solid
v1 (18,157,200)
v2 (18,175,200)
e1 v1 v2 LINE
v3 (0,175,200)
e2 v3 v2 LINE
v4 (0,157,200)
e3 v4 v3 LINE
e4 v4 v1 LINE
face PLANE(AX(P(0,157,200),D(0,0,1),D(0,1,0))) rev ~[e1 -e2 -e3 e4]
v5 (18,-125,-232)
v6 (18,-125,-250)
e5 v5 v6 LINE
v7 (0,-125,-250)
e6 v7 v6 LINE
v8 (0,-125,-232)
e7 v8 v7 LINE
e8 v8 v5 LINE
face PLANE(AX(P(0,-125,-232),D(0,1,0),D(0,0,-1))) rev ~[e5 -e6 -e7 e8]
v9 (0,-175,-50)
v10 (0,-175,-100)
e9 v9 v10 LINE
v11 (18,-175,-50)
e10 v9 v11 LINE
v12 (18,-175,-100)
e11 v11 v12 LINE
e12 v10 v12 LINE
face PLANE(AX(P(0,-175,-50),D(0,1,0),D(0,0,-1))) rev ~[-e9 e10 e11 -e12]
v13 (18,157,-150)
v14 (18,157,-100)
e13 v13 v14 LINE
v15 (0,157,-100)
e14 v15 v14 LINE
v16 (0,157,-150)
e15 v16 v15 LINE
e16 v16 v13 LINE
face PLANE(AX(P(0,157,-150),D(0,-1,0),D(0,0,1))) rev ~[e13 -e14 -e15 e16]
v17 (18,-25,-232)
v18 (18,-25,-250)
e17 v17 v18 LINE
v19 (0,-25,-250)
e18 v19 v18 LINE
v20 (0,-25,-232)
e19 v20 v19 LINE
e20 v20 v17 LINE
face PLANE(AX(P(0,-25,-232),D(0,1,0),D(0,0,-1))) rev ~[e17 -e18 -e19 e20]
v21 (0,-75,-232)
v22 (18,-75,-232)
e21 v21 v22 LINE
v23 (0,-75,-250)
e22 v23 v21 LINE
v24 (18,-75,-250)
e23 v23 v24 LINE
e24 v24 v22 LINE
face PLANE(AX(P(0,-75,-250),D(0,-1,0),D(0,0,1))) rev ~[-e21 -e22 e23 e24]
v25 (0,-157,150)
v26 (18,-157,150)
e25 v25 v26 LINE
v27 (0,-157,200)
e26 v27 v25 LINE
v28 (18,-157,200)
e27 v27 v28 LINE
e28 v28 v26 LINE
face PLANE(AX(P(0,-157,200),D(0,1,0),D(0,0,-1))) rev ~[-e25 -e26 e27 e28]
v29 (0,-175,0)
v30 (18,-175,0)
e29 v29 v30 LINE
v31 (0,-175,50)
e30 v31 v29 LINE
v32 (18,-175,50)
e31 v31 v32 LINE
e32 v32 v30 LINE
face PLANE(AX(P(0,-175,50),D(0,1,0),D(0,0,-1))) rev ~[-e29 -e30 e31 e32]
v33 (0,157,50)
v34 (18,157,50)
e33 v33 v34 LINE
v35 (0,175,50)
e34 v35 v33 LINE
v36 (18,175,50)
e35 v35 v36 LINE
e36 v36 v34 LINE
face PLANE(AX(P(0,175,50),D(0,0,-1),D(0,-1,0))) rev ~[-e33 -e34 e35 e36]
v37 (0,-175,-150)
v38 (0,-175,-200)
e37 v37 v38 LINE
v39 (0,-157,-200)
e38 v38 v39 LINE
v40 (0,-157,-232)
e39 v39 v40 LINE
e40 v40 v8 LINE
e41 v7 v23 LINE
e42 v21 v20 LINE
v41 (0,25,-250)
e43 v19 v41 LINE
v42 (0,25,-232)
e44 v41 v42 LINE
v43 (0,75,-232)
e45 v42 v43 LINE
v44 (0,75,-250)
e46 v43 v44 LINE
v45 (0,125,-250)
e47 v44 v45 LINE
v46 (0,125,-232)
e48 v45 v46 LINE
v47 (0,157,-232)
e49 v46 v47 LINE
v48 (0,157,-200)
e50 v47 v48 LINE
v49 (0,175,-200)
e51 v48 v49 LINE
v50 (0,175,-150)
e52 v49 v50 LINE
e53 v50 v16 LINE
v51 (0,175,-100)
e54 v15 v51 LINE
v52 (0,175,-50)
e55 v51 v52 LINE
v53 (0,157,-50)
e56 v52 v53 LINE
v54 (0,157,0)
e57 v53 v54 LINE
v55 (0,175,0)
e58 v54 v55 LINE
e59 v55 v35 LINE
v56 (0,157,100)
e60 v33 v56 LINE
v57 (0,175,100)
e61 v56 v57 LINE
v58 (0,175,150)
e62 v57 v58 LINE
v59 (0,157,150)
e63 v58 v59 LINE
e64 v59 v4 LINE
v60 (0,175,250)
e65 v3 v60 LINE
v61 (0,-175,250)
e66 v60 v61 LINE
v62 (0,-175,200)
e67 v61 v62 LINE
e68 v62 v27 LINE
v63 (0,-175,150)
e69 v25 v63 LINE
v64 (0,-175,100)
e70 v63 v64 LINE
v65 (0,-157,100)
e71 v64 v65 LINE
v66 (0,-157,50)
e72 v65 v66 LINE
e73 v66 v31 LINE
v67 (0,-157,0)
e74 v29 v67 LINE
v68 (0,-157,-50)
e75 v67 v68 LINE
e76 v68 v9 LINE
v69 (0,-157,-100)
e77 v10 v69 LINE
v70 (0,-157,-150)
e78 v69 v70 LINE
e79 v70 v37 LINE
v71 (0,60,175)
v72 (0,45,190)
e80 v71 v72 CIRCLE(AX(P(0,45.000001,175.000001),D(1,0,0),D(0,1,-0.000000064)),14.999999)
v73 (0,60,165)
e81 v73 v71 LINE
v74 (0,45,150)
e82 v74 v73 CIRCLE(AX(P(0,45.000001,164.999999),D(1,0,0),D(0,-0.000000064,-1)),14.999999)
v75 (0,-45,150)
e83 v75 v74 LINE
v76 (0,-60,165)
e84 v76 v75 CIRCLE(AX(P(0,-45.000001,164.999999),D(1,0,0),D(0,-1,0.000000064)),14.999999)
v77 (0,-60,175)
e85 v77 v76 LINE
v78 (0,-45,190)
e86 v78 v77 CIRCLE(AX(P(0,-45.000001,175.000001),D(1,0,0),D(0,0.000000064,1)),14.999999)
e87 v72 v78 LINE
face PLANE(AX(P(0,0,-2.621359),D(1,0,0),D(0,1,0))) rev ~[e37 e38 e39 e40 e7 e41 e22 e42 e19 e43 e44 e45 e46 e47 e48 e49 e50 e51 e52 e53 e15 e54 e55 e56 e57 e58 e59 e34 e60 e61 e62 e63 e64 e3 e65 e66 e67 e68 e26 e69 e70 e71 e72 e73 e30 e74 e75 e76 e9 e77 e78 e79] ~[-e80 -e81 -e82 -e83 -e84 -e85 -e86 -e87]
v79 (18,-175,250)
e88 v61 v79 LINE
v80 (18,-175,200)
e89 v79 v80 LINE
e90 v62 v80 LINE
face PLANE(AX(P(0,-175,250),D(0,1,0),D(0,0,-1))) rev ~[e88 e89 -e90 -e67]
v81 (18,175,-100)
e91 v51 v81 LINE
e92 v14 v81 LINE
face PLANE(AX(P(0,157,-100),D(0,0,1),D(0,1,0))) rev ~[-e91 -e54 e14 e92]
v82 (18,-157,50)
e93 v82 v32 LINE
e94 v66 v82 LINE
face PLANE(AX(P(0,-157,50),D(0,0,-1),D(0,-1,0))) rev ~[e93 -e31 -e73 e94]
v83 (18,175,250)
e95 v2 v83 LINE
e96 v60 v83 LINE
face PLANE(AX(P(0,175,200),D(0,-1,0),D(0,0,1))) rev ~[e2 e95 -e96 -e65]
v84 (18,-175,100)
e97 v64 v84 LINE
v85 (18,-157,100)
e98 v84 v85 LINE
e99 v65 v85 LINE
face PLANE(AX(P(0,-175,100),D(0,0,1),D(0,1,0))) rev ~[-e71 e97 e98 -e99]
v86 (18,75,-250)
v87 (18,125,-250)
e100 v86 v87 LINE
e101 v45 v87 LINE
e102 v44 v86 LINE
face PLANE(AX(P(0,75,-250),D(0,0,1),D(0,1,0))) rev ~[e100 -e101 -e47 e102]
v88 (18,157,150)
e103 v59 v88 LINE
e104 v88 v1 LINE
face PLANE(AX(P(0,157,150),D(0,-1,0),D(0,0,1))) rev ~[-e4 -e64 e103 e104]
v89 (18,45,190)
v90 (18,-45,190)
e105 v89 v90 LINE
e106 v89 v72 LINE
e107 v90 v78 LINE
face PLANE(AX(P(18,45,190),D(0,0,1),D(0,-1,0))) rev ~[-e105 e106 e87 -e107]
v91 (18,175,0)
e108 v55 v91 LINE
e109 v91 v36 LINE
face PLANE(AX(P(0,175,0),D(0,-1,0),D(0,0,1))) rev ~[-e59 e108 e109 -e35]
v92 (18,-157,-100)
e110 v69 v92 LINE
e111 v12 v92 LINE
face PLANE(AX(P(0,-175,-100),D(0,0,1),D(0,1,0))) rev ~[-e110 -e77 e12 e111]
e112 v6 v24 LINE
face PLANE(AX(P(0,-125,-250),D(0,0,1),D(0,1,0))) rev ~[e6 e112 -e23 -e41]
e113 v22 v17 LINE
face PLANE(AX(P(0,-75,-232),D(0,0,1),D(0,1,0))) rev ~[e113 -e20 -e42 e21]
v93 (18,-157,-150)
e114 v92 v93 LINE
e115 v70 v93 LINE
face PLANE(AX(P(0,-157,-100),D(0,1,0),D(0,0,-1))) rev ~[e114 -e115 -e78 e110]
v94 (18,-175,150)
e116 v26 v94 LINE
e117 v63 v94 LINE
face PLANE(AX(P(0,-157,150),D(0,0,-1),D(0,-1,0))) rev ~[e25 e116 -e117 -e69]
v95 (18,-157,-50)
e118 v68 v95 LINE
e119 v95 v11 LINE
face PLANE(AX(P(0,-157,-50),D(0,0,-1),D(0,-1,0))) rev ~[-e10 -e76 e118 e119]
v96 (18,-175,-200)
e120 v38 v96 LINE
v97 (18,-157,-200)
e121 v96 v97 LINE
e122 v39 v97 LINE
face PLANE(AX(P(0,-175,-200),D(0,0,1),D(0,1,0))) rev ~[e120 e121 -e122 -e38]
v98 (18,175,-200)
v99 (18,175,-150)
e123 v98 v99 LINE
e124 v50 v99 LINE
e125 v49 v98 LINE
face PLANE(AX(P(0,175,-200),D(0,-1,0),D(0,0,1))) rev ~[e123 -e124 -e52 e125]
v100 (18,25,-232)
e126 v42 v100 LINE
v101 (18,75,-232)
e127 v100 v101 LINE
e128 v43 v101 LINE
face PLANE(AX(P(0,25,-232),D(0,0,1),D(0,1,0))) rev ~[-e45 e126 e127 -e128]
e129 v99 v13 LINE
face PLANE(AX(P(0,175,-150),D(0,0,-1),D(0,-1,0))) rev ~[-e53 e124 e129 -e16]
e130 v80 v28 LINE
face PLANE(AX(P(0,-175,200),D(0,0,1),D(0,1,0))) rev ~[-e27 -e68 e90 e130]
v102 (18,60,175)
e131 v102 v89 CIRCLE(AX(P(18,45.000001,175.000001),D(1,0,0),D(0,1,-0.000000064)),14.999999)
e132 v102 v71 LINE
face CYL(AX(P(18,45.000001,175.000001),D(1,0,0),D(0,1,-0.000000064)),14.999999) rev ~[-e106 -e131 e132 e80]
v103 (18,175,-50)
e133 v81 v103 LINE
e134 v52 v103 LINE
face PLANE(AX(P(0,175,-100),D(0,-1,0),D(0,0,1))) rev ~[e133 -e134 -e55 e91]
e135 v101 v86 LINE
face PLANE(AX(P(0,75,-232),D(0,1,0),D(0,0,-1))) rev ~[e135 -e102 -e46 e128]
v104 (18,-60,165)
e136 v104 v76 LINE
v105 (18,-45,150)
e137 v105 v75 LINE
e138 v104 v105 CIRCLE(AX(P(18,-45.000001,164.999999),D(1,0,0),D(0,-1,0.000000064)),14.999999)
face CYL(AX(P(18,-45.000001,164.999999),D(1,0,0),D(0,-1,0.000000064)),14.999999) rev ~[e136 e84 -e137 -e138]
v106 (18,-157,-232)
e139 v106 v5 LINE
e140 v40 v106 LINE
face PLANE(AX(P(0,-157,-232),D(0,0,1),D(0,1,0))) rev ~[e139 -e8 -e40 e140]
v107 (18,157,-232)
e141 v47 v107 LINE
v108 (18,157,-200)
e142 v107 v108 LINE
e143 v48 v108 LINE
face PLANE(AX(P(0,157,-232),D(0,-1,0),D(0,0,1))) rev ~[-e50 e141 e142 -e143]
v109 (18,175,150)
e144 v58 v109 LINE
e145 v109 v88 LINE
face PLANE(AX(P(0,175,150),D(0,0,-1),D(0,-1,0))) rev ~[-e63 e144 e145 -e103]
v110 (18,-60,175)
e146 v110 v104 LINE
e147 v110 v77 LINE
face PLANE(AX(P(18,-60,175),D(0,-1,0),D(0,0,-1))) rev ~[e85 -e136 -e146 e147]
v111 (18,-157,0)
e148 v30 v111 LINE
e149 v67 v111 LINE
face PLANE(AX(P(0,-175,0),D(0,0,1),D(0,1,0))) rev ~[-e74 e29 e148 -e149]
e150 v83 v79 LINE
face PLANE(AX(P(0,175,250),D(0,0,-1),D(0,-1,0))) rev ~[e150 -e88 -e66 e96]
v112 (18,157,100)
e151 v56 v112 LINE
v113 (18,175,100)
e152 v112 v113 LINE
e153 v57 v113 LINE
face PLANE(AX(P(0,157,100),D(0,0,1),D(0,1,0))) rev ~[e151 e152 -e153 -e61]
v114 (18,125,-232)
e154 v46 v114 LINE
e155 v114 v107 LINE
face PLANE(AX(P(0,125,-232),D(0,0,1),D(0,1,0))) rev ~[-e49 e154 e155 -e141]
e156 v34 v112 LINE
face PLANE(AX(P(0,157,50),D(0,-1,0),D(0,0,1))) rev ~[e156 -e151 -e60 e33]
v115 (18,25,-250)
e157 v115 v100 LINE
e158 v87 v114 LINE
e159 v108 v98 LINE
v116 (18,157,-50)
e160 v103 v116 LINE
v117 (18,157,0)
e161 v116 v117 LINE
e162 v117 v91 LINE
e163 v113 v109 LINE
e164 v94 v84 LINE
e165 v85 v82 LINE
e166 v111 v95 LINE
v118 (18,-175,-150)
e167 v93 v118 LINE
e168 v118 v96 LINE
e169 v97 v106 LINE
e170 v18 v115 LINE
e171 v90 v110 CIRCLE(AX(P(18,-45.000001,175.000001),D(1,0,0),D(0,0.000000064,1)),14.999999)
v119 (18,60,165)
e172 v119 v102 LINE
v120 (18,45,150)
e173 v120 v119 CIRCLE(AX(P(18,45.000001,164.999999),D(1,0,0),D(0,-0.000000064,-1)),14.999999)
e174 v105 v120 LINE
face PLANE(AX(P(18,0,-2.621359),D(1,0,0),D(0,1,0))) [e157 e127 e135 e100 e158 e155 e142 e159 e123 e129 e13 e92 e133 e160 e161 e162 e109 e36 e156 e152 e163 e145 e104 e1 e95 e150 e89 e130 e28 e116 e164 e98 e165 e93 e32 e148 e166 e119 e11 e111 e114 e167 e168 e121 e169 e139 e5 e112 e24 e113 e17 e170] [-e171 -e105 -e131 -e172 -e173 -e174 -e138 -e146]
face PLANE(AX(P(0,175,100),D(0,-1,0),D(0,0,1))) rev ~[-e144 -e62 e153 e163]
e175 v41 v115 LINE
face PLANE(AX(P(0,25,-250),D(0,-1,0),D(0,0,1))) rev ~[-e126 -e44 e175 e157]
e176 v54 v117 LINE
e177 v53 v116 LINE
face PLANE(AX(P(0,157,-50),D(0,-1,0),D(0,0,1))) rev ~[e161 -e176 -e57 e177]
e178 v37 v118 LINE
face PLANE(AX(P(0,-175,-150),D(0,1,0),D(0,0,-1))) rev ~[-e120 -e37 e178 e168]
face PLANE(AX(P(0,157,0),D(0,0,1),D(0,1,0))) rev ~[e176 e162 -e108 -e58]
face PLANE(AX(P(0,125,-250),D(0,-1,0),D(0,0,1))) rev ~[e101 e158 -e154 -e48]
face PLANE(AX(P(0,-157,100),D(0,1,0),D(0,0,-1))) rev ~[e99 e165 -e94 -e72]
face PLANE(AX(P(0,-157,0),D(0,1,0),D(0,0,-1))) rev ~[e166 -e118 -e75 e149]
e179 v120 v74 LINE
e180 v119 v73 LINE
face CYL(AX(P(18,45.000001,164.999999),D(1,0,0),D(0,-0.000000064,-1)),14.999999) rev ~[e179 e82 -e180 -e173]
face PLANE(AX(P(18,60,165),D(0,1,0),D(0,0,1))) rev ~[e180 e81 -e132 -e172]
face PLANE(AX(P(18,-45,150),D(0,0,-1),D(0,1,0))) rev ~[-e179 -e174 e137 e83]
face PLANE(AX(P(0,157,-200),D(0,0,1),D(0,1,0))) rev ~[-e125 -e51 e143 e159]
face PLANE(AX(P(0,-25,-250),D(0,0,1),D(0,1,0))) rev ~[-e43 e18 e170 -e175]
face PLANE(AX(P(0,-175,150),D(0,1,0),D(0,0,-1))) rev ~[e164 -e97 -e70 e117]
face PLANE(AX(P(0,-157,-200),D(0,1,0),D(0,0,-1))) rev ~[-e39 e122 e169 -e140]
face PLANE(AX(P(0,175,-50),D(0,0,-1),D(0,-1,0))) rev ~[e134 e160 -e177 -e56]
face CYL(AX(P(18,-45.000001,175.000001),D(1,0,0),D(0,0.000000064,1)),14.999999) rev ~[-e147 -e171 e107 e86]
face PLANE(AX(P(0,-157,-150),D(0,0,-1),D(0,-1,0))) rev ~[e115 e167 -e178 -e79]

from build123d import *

# Parameters (mm, degrees)
F1_DEPTH = 18
F3_DEPTH = 25


with BuildPart() as f1:
    # F0 (on Right) → F1 (new body)
    with BuildSketch(Plane.YZ):
        Polygon((-157, 250), (-175, 250), (-175, 200), (-157, 200), (-157, 150), (-175, 150), (-175, 100), (-157, 100), (-157, 50), (-175, 50), (-175, 0), (-157, 0), (-157, -50), (-175, -50), (-175, -100), (-157, -100), (-157, -150), (-175, -150), (-175, -200), (-157, -200), (-157, -232), (-125, -232), (-125, -250), (-75, -250), (-75, -232), (-25, -232), (-25, -250), (25, -250), (25, -232), (75, -232), (75, -250), (125, -250), (125, -232), (157, -232), (157, -200), (175, -200), (175, -150), (157, -150), (157, -100), (175, -100), (175, -50), (157, -50), (157, 0), (175, 0), (175, 50), (157, 50), (157, 100), (175, 100), (175, 150), (157, 150), (157, 200), (175, 200), (175, 250), (157, 250), align=None)
    extrude(amount=F1_DEPTH)

    # F2 (on face) → F3 (cut)
    with BuildSketch(Plane.YZ.offset(18)):
        with BuildLine():
            Line((45, 190), (-45, 190))
            ThreePointArc((-45, 190), (-55.606602, 185.606602), (-60, 175))
            Line((-60, 175), (-60, 165))
            ThreePointArc((-60, 165), (-55.606602, 154.393398), (-45, 150))
            Line((-45, 150), (45, 150))
            ThreePointArc((45, 150), (55.606602, 154.393398), (60, 165))
            Line((60, 165), (60, 175))
            ThreePointArc((60, 175), (55.606602, 185.606602), (45, 190))
        make_face()
    extrude(amount=-F3_DEPTH, mode=Mode.SUBTRACT)


solid = f1.part
